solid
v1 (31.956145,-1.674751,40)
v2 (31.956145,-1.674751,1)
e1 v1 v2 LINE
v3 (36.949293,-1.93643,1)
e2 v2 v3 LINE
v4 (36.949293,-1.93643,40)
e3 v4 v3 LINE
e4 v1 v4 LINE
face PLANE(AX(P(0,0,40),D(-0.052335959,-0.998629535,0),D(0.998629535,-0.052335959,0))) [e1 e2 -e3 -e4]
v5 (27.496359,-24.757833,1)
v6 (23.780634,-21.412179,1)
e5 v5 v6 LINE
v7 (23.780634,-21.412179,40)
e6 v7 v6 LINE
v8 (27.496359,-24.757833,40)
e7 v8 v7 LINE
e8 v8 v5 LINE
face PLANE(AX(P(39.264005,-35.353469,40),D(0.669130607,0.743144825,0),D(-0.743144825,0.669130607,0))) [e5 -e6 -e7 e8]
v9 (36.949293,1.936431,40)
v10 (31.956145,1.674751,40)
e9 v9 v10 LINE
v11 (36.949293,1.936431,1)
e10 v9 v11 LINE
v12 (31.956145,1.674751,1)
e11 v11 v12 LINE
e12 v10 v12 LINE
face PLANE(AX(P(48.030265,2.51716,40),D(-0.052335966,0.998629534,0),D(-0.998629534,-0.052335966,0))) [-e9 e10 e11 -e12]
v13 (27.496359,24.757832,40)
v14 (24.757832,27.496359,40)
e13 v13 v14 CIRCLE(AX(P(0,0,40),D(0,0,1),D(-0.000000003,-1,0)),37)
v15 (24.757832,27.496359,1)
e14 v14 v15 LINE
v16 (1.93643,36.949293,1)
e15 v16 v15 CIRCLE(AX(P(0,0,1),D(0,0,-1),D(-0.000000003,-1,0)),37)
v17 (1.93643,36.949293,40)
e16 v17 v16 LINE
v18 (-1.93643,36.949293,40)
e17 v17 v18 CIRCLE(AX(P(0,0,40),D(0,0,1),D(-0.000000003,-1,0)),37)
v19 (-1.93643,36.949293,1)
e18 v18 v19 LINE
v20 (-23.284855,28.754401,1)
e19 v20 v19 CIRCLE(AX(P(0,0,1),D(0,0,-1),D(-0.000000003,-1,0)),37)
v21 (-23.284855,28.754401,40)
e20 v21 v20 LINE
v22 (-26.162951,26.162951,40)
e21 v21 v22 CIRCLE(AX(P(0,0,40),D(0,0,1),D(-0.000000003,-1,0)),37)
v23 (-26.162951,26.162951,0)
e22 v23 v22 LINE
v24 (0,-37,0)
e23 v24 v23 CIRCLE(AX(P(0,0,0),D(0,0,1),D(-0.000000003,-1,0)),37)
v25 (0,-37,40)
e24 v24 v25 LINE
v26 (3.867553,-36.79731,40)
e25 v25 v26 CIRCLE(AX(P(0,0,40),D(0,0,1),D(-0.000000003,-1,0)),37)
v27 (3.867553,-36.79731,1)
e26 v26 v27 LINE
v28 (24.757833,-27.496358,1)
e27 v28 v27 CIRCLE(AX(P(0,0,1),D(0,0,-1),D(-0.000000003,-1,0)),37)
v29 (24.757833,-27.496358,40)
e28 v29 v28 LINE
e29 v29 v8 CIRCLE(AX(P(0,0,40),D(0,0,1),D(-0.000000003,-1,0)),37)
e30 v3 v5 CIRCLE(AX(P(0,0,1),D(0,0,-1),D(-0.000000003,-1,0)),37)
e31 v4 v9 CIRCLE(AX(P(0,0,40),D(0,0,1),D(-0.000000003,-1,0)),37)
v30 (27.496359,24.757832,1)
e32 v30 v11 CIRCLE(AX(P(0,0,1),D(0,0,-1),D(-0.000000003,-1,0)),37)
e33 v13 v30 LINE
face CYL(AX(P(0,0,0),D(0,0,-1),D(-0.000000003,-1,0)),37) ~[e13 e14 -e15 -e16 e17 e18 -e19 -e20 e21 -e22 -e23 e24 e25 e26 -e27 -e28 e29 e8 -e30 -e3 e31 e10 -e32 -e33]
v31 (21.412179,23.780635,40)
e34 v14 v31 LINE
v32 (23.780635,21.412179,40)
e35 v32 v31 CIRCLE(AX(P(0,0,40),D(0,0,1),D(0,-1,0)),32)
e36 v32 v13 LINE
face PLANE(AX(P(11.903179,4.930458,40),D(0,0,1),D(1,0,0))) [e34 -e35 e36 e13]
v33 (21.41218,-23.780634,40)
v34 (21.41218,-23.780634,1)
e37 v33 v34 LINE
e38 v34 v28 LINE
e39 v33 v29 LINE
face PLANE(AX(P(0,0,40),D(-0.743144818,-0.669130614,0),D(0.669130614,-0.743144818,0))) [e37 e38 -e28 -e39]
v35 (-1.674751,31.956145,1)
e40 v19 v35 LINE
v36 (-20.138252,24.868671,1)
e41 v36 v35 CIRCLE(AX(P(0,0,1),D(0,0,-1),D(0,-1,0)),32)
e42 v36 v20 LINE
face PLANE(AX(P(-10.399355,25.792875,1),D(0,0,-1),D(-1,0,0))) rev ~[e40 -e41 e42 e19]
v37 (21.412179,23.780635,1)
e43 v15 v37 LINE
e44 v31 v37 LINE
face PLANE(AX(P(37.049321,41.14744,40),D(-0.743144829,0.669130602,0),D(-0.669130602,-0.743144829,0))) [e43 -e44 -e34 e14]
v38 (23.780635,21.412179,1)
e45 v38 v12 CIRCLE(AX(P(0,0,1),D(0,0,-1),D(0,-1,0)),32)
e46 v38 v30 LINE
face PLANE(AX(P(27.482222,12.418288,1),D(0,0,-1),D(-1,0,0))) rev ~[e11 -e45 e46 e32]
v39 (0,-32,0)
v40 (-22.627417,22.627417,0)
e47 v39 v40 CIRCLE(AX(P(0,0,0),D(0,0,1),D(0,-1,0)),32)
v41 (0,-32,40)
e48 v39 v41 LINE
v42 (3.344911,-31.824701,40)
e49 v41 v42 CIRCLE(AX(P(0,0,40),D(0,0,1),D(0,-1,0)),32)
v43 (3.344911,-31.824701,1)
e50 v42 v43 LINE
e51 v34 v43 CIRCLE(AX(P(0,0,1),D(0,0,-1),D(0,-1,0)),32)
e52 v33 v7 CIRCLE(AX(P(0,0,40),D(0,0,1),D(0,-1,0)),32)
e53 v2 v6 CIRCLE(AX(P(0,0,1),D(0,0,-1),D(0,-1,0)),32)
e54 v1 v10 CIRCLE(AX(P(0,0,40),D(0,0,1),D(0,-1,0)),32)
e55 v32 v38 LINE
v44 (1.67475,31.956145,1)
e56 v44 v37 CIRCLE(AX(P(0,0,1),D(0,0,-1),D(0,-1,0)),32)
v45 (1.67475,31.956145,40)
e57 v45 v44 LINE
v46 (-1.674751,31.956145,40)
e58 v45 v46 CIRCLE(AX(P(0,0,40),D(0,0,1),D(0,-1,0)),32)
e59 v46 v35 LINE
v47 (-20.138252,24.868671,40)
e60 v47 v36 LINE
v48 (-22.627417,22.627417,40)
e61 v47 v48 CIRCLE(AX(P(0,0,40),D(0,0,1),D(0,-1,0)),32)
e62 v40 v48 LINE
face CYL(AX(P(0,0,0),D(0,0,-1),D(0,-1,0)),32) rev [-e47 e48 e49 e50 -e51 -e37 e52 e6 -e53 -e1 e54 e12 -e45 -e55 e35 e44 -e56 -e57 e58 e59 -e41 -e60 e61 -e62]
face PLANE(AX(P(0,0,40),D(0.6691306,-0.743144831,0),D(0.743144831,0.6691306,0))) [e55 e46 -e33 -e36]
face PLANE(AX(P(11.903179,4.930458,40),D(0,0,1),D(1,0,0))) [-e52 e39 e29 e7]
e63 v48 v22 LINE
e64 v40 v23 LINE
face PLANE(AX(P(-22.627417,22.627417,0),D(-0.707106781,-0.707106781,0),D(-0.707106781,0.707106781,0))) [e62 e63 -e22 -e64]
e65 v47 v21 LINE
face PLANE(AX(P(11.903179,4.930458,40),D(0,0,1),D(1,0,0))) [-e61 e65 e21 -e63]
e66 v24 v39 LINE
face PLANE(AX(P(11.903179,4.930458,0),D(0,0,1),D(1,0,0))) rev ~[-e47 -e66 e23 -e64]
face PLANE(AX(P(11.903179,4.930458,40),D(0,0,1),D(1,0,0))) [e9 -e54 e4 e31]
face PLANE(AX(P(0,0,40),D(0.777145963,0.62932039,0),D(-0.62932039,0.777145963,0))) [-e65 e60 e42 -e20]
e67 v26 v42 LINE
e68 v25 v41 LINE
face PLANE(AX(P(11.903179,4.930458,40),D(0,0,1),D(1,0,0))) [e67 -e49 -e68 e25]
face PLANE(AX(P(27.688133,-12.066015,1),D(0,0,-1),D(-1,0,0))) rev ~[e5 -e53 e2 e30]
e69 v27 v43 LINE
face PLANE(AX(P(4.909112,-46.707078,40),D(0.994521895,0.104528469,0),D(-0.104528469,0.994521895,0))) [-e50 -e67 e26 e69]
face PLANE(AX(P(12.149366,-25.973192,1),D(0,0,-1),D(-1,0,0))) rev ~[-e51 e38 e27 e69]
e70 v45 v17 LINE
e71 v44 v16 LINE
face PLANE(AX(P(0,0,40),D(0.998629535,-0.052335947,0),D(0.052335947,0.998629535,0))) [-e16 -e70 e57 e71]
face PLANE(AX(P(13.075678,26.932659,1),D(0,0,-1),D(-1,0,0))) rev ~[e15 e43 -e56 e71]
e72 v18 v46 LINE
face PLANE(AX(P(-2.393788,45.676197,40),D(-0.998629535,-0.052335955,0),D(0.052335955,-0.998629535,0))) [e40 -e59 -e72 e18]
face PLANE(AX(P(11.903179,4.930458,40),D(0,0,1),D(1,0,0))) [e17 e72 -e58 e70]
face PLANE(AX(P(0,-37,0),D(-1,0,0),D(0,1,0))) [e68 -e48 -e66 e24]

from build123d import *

# Parameters (mm, degrees)
PAD_DEPTH    = 40
POCKET_DEPTH = 39


with BuildPart() as part:
    # Sketch → Pad (new body)
    with BuildSketch(Plane.XY):
        with BuildLine():
            ThreePointArc((0, -37), (34.183543, 14.159287), (-26.162951, 26.162951))
            Line((-22.627417, 22.627417), (-26.162951, 26.162951))
            ThreePointArc((0, -32), (29.564145, 12.24587), (-22.627417, 22.627417))
            Line((0, -37), (0, -32))
        make_face()
    extrude(amount=PAD_DEPTH)

    # Sketch001 → Pocket (cut)
    with BuildSketch(Plane.XY.offset(40)):
        Polygon((0, 0), (-30.679579, 37.886125), (-2.393788, 45.676197), align=None)
        Polygon((0, 0), (2.341637, 44.681104), (37.049321, 41.14744), align=None)
        Polygon((0, 0), (39.999108, 36.015358), (48.030265, 2.51716), align=None)
        Polygon((0, 0), (49.461223, -2.592153), (39.264005, -35.353469), align=None)
        Polygon((0, 0), (33.741126, -37.473316), (4.909112, -46.707078), align=None)
    extrude(amount=-POCKET_DEPTH, mode=Mode.SUBTRACT)


solid = part.part
